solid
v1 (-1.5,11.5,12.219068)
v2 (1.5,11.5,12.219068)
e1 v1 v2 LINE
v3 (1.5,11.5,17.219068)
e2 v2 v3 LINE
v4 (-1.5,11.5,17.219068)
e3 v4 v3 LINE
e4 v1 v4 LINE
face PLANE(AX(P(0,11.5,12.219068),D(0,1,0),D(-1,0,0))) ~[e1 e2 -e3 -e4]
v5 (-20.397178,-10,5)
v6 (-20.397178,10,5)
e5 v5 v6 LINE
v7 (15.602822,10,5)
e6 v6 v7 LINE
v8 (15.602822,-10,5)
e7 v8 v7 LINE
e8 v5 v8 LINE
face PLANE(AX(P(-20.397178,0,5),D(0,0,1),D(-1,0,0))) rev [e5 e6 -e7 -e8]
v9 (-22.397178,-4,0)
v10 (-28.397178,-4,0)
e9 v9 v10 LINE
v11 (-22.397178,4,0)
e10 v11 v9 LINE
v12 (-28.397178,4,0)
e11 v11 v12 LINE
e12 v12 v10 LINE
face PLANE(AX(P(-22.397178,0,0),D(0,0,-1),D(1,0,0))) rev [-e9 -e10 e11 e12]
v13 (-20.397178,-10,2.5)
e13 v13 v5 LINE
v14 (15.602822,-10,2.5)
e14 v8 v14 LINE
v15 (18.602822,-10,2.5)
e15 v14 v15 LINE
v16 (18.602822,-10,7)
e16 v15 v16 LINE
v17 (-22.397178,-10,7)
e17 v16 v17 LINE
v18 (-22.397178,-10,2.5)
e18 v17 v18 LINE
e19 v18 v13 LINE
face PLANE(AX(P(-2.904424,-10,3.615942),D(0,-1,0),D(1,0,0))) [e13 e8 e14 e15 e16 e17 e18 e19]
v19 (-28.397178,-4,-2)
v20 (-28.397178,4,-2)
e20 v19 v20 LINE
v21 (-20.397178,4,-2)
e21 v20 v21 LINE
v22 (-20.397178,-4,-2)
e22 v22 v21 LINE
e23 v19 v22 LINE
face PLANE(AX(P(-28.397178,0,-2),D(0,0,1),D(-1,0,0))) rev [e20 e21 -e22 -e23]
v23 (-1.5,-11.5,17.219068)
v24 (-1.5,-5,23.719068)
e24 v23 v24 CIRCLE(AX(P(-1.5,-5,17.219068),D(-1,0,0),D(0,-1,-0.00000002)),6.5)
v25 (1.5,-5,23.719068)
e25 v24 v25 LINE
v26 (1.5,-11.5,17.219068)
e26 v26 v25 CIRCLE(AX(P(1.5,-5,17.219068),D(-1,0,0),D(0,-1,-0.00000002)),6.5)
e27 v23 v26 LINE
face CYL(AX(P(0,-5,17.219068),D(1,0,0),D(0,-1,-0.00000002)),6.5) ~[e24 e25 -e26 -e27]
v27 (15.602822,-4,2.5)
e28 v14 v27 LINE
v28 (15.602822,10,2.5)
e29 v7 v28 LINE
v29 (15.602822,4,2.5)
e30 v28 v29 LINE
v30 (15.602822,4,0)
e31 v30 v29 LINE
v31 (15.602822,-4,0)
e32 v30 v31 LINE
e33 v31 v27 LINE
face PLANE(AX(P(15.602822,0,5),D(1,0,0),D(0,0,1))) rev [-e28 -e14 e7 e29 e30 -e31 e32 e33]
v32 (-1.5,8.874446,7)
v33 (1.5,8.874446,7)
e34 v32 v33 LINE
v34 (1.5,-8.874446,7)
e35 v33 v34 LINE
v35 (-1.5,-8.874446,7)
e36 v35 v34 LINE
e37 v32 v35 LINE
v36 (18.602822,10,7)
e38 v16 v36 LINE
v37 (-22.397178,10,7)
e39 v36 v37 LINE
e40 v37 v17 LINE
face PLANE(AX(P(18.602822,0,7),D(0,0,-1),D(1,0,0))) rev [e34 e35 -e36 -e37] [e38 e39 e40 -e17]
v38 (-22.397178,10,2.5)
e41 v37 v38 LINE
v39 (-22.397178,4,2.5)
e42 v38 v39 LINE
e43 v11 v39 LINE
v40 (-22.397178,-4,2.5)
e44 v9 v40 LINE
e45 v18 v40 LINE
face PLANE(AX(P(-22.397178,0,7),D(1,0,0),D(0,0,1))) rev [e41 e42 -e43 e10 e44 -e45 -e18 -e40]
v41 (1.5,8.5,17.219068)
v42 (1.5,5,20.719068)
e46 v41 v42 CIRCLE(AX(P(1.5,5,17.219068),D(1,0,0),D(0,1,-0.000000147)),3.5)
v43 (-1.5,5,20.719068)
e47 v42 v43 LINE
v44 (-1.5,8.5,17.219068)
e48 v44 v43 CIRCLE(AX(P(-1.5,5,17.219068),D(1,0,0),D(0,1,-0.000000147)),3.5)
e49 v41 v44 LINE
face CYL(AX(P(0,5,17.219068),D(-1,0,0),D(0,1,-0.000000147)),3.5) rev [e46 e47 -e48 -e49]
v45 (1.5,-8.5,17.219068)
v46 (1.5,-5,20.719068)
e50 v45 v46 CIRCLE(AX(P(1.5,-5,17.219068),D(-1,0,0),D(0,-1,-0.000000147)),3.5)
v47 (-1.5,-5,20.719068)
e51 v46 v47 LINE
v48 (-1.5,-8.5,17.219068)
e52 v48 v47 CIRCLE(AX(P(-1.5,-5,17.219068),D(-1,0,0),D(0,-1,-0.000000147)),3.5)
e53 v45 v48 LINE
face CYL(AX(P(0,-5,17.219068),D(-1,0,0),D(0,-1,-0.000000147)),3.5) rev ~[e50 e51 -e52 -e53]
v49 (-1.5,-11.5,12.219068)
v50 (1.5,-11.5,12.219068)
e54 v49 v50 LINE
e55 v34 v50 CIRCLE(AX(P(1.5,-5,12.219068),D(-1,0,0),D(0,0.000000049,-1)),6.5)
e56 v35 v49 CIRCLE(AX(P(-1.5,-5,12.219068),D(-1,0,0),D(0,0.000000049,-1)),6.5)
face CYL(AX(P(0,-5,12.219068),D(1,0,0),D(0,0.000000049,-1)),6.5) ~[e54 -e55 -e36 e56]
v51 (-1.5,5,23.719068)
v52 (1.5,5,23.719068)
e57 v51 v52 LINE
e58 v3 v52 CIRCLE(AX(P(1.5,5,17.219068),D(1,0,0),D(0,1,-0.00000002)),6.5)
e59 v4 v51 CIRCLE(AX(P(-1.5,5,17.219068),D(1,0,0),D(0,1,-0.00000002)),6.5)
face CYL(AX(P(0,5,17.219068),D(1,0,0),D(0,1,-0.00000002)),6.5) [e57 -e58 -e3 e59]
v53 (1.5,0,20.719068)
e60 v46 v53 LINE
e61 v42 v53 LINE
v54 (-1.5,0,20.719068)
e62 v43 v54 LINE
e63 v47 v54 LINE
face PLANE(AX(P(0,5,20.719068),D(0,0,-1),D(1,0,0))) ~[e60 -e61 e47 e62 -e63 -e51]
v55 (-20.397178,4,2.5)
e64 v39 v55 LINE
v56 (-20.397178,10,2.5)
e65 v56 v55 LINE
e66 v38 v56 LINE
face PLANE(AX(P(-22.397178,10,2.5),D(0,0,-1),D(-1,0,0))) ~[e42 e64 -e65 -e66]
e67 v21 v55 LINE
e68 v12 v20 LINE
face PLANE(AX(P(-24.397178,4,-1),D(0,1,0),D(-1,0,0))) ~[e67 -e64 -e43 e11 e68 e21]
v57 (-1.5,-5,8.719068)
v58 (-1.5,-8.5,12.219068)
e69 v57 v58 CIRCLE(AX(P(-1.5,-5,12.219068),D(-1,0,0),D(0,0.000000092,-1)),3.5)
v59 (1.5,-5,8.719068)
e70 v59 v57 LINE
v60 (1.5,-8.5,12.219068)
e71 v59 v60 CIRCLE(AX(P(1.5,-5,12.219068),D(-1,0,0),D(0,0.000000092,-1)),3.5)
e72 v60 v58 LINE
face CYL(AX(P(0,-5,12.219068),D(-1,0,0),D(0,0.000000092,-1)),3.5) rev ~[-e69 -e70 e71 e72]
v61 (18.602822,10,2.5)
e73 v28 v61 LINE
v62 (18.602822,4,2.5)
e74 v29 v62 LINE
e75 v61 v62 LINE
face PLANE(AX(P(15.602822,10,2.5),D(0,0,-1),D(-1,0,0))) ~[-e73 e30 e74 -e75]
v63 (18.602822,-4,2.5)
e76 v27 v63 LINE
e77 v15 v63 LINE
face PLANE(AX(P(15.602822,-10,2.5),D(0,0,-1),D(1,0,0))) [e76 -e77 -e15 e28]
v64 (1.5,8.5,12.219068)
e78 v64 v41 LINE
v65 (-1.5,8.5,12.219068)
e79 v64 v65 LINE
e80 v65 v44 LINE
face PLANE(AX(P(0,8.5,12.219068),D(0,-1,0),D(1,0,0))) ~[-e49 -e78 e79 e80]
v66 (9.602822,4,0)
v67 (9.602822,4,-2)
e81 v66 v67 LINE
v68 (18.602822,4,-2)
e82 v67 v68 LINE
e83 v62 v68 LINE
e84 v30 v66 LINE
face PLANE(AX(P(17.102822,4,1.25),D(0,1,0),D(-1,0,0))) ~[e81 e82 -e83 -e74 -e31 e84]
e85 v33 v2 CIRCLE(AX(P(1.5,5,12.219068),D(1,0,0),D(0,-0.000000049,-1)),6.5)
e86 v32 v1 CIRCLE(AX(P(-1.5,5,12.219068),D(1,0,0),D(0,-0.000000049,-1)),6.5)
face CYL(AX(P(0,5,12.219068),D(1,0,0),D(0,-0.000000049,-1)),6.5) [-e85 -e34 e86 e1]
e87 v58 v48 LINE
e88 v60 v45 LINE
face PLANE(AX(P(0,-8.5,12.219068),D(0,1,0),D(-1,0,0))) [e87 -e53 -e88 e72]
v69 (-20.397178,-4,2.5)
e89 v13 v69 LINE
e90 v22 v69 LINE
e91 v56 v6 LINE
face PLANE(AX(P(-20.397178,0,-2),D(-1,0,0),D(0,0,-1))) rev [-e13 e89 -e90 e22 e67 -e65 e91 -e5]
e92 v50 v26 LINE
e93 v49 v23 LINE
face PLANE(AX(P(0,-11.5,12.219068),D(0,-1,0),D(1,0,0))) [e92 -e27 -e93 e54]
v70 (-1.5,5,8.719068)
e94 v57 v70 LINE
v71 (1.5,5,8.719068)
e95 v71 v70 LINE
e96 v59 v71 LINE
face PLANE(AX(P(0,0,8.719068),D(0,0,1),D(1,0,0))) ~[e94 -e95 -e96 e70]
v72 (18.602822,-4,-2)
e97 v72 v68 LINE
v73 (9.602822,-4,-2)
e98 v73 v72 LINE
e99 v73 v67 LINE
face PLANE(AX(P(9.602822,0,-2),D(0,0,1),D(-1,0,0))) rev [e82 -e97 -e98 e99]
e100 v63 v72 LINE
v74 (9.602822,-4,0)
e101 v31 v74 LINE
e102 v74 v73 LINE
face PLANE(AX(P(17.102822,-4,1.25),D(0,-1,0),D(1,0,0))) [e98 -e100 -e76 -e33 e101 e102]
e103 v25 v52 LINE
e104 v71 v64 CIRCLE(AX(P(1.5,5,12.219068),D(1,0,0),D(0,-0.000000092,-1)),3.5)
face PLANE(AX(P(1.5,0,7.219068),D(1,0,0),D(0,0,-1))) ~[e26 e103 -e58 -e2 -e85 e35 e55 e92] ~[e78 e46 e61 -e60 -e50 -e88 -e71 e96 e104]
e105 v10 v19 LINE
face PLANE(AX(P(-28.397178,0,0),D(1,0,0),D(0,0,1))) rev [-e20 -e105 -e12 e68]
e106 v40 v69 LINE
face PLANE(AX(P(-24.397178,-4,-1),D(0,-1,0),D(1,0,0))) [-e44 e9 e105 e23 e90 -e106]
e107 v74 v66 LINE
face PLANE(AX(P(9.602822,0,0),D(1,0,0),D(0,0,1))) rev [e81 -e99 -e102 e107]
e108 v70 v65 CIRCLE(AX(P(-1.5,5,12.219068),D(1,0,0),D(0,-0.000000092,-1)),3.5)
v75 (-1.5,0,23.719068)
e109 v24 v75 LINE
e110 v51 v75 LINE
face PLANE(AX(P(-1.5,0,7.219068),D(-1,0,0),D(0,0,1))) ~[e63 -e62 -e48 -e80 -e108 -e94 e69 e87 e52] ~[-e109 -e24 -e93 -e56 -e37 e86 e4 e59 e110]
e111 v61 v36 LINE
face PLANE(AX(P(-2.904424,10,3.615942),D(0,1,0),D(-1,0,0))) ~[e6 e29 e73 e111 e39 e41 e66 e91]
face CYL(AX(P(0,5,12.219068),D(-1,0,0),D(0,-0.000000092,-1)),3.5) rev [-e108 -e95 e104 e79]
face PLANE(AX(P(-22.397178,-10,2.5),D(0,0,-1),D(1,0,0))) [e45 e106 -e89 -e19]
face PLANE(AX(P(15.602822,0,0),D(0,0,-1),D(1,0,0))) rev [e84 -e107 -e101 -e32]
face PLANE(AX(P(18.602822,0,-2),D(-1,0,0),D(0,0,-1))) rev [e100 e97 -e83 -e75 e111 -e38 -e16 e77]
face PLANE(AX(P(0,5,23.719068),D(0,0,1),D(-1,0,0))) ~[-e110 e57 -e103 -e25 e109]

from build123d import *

# Parameters (mm, degrees)
F1_DEPTH = 10
F3_DEPTH = 6
F2_W     = 2
F2_H     = 2.5
F2_W_2   = 3
F4_DEPTH = 6
F6_W     = 3
F6_H     = 3


with BuildPart() as f1:
    # F0 (on Front) → F1 (new body)
    with BuildSketch(Plane.XZ):
        Polygon((-22.397178, 0), (-28.397178, 0), (-28.397178, -2), (-20.397178, -2), (-20.397178, 5), (13.602822, 5), (15.602822, 5), (15.602822, 0), (9.602822, 0), (9.602822, -2), (18.602822, -2), (18.602822, 7), (-22.397178, 7), align=None)
    extrude(amount=F1_DEPTH)

    # F2 (on face) → F3 (cut)
    with BuildSketch(Plane.XZ.offset(10)):
        Polygon((-20.397178, 0), (-22.397178, 0), (-28.397178, 0), (-28.397178, -2), (-20.397178, -2), align=None)
        Polygon((18.602822, -2), (18.602822, 0), (15.602822, 0), (9.602822, 0), (9.602822, -2), align=None)
    extrude(amount=-F3_DEPTH, mode=Mode.SUBTRACT)

    # F2 (on face) → F4 (cut)
    with BuildSketch(Plane.XZ.offset(10)):
        with Locations((-21.397178, 1.25)):
            Rectangle(F2_W, F2_H)
        with Locations((17.102822, 1.25)):
            Rectangle(F2_W_2, F2_H)
    extrude(amount=-F4_DEPTH, mode=Mode.SUBTRACT)

    # F7: sweep along a path in F5
    with BuildLine(Plane.YZ) as f7_path:
        Line((0, 7.219068), (-5, 7.219068))
        ThreePointArc((-5, 7.219068), (-8.535534, 8.683534), (-10, 12.219068))
        Line((-10, 12.219068), (-10, 17.219068))
        ThreePointArc((-10, 17.219068), (-8.535534, 20.754602), (-5, 22.219068))
        Line((-5, 22.219068), (0, 22.219068))
    # F6 (on Front) → F7 (sweep)
    with BuildSketch(Plane.XZ):
        with Locations((0, 7.219068)):
            Rectangle(F6_W, F6_H)
    sweep(path=f7_path.line)

    # F8: F1 across plane


with BuildPart() as f1_1:
    add(f1.part)
    add(f1.part.mirror(Plane.XZ))


solid = f1_1.part
